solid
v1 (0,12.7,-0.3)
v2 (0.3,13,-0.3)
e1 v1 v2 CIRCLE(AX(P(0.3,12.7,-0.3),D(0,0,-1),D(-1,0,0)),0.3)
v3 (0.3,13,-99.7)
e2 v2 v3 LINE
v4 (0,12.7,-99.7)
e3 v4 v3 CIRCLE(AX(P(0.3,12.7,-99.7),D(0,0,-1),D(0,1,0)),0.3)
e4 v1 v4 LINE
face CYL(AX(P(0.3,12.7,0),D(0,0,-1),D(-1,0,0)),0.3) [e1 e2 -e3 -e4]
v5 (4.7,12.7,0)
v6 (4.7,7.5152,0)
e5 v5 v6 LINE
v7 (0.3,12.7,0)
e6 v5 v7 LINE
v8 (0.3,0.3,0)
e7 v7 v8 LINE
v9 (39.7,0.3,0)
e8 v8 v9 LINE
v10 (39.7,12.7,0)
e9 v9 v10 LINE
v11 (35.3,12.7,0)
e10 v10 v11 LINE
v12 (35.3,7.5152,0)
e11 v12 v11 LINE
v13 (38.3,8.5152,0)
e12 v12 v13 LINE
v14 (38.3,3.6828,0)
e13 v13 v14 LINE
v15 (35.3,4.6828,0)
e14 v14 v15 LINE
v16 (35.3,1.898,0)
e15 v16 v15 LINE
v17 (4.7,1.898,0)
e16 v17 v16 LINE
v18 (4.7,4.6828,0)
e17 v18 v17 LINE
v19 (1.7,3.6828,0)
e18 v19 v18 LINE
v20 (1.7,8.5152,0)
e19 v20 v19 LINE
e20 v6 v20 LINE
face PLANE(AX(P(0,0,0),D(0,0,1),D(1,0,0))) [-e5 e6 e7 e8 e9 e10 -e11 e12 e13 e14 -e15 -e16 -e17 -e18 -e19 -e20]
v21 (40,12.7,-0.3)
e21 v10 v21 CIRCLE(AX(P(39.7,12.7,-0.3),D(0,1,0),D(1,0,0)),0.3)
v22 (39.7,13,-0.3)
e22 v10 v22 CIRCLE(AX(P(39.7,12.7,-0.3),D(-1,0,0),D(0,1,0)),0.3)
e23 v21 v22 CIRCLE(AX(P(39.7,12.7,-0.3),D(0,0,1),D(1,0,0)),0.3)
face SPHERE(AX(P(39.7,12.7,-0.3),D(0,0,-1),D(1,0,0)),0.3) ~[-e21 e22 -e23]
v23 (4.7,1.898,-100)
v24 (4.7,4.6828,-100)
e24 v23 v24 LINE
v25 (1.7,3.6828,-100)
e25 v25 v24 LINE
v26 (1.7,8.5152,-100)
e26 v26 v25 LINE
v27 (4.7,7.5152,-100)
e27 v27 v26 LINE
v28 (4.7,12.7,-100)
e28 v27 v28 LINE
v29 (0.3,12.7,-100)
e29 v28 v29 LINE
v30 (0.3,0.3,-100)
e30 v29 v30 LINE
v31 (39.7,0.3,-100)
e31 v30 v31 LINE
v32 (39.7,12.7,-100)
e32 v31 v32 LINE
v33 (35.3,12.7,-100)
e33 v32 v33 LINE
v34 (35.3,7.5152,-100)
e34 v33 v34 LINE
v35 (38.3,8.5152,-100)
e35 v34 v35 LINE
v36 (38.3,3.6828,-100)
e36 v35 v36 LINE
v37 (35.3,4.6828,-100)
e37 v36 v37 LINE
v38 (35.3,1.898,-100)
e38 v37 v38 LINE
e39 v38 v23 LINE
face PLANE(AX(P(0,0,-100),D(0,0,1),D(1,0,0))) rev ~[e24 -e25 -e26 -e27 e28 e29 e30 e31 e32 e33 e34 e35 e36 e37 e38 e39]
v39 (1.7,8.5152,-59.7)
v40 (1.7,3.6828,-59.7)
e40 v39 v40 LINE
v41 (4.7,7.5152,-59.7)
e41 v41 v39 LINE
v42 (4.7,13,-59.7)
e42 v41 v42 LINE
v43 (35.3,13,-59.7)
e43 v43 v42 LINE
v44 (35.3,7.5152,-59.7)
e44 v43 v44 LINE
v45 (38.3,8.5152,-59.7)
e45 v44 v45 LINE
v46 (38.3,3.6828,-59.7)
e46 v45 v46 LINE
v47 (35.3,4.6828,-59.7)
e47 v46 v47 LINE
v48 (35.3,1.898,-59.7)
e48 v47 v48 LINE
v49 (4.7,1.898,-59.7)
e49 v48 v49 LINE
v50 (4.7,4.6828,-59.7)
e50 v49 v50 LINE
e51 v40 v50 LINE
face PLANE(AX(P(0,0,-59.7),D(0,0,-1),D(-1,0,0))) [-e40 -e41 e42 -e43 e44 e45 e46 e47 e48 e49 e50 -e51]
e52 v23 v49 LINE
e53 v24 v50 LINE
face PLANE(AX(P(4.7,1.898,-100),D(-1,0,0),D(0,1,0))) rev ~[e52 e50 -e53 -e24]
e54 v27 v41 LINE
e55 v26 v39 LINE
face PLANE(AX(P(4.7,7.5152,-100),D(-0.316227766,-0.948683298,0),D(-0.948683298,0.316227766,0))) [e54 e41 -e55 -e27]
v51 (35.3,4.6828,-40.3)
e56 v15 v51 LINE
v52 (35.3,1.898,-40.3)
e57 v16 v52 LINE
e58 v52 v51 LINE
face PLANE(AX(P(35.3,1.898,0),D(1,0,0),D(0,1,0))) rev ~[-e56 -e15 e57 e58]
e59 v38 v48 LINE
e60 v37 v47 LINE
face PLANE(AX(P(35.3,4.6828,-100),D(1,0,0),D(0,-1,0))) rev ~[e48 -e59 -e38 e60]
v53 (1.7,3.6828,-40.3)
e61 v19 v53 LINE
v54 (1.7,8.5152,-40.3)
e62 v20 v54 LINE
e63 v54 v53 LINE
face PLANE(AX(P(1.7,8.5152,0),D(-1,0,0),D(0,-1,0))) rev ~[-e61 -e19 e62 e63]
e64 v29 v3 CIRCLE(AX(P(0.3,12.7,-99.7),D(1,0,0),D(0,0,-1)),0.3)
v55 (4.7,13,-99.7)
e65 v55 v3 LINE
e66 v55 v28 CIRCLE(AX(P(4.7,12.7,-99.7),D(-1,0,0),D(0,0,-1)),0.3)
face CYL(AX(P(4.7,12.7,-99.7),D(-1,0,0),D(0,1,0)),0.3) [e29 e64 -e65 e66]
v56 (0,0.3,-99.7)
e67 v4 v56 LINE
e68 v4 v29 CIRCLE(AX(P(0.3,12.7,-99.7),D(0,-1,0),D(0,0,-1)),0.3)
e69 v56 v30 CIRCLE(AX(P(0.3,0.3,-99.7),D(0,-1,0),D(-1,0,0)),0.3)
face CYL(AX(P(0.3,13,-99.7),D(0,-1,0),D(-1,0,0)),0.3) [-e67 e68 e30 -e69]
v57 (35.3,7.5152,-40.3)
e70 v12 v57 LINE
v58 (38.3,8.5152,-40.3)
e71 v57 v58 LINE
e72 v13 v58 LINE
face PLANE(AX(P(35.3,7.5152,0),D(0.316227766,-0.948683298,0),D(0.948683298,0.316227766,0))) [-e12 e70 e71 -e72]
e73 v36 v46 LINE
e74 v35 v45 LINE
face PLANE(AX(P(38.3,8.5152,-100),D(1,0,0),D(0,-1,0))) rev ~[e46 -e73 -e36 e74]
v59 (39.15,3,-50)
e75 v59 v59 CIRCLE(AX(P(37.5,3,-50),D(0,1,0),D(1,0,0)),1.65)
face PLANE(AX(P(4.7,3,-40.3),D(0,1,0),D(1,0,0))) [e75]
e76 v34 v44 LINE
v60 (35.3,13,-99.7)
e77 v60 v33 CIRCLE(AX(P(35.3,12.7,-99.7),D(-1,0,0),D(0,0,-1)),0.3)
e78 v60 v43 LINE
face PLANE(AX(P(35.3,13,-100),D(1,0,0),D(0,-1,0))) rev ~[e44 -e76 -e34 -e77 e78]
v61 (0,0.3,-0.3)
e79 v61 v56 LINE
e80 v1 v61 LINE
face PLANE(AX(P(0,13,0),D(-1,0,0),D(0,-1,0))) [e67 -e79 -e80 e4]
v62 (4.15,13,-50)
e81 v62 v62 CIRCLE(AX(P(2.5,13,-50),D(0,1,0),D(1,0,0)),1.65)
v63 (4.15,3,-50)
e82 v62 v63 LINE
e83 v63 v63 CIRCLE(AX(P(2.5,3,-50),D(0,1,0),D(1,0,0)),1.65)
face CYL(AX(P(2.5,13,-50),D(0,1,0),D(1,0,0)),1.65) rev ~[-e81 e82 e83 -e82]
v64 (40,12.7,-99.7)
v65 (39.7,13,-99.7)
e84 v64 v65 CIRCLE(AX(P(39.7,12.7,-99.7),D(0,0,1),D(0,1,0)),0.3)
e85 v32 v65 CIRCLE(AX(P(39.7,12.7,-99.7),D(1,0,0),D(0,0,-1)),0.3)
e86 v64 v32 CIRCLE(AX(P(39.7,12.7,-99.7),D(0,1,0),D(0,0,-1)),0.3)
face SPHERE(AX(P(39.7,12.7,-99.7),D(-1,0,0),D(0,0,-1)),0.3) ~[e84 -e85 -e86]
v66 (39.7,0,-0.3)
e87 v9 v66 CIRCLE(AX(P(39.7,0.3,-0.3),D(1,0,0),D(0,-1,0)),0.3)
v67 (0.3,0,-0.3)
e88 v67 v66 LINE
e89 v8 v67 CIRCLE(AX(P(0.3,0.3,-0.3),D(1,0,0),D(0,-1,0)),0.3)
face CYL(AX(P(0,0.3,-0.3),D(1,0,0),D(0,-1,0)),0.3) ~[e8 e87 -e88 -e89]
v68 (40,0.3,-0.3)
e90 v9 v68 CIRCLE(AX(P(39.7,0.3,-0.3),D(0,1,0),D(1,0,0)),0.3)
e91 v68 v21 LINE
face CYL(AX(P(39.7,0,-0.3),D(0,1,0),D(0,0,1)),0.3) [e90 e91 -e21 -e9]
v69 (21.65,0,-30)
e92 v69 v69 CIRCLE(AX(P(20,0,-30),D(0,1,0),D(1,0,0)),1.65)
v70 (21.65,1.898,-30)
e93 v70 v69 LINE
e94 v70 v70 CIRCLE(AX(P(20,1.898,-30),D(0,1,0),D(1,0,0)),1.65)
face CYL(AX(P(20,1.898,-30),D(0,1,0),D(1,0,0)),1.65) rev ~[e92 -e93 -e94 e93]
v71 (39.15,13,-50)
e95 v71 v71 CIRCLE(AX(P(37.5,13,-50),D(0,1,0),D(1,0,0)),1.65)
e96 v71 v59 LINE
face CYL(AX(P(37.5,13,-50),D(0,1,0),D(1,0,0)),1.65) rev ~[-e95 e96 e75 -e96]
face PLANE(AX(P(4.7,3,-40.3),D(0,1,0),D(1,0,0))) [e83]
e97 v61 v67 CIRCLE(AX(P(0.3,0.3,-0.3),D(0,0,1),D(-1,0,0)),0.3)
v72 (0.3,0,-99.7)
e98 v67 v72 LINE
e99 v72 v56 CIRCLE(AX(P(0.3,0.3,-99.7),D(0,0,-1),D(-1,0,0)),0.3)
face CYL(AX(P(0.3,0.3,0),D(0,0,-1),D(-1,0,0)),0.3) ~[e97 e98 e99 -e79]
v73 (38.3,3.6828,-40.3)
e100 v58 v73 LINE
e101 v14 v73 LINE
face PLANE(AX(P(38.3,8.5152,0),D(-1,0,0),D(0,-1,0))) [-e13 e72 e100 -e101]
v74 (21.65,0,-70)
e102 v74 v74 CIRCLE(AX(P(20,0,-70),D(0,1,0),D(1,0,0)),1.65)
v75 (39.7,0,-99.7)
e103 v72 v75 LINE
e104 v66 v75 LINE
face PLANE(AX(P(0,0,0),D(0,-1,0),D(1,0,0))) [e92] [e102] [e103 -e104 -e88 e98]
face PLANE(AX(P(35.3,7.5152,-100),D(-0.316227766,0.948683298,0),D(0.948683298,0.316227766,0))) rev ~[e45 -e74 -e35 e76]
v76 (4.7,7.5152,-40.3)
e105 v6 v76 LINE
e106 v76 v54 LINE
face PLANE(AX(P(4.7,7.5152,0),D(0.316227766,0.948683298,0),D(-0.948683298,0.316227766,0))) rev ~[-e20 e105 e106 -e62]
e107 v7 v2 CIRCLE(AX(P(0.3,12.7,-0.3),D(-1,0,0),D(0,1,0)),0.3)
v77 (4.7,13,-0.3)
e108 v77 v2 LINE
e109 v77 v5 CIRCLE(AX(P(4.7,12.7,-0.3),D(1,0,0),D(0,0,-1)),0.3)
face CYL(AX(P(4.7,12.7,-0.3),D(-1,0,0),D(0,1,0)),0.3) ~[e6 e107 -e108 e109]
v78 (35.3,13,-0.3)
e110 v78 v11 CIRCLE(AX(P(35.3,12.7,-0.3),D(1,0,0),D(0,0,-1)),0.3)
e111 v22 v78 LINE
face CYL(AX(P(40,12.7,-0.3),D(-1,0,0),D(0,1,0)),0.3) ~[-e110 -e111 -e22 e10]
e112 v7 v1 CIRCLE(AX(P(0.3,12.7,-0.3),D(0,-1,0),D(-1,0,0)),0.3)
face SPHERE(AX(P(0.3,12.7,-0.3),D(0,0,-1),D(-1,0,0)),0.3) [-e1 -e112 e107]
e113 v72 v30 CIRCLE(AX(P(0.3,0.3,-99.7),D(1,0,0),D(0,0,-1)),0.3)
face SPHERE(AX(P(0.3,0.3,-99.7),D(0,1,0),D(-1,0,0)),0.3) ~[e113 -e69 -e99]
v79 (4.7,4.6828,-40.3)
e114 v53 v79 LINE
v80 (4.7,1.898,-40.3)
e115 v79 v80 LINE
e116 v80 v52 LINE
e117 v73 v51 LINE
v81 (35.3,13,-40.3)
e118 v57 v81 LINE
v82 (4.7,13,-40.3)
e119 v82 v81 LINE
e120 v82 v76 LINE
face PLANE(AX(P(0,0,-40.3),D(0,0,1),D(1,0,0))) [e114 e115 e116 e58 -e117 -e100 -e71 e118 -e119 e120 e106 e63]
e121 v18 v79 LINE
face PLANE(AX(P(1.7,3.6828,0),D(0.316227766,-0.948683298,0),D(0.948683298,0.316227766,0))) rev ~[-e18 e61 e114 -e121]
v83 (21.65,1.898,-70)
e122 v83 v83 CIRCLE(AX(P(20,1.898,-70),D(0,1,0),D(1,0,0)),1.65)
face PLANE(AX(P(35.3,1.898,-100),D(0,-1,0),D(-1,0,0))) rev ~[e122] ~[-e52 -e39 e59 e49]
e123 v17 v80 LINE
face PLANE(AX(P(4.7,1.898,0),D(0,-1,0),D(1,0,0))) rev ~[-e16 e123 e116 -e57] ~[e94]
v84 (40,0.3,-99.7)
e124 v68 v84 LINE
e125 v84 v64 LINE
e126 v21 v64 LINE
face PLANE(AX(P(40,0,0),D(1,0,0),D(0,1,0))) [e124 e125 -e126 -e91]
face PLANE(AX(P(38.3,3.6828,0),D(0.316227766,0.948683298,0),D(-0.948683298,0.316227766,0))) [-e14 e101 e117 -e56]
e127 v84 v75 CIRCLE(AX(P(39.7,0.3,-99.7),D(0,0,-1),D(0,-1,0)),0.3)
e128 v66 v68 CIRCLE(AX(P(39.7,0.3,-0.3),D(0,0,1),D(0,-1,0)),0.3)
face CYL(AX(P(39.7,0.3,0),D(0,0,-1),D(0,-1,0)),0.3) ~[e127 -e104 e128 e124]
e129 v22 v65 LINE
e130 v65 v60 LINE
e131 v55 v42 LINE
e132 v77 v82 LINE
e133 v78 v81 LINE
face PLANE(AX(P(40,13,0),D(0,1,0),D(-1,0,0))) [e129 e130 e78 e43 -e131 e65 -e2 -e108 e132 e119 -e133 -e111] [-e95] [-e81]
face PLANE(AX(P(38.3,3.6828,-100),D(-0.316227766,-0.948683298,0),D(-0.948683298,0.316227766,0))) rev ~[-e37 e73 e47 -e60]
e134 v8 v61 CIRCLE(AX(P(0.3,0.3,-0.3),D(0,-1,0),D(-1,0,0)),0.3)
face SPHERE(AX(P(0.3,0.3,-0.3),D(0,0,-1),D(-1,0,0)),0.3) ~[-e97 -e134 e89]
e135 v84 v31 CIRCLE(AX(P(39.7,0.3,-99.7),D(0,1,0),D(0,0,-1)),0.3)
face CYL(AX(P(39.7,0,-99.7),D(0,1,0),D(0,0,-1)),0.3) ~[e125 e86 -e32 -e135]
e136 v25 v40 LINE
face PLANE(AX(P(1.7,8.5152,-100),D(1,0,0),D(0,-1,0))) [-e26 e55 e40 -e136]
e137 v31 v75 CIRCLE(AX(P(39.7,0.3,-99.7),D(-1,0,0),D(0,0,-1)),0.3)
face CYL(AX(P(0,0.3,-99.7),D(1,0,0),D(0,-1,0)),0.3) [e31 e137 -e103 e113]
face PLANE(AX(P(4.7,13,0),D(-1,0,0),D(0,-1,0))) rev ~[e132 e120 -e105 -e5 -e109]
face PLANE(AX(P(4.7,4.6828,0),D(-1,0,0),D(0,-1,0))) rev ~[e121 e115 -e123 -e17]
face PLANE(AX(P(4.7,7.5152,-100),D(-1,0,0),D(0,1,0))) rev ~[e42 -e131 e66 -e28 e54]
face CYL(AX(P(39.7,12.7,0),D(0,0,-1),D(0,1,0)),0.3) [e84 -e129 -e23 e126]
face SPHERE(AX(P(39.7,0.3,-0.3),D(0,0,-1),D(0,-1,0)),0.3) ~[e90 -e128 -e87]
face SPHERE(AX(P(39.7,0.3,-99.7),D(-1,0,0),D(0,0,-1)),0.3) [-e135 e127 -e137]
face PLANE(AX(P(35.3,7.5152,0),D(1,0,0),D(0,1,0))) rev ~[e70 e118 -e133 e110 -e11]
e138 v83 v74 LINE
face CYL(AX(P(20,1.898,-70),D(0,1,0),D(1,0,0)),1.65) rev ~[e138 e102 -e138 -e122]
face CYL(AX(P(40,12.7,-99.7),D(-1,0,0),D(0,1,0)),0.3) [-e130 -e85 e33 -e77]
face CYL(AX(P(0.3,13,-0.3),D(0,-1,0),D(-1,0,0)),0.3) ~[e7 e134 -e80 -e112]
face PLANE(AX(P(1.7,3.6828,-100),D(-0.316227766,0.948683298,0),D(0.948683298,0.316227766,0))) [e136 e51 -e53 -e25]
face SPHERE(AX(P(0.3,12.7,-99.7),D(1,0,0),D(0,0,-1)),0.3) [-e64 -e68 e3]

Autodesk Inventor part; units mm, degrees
ref_plane "YZ Plane" through (0, 0, 0) normal (1, 0, 0) x (0, 1, 0)
ref_plane "XZ Plane" through (0, 0, 0) normal (0, 1, 0) x (-1, 0, 0)
ref_plane "XY Plane" through (0, 0, 0) normal (0, 0, 1) x (1, 0, 0)
sketch "Sketch1" plane through (0, 0, 0) normal (0, 0, 1) x (1, 0, 0)
  line L0 (0, 0) -> (40, 0)
  line L1 (40, 0) -> (40, 13)
  line L2 (40, 13) -> (0, 13)
  line L3 (0, 13) -> (0, 0)
  dimension "d0" = 40
  dimension "d1" = 13
extrude "Extrusion1" add sketch "Sketch1" against normal blind 100
sketch "Sketch2" plane through (0, 0, 0) normal (0, 0, 1) x (1, 0, 0)
  line L0 (4.7, 1.898) -> (35.3, 1.898)
  line L1 (38.3, 8.5152) -> (38.3, 3.6828)
  line L2 (1.7, 8.5152) -> (1.7, 3.6828)
  line L3 (35.3, 7.5152) -> (38.3, 8.5152)
  line L4 (35.3, 7.5152) -> (35.3, 13)
  line L5 (35.3, 1.898) -> (35.3, 4.6828)
  line L6 (38.3, 3.6828) -> (35.3, 4.6828)
  line L7 (4.7, 7.5152) -> (1.7, 8.5152)
  line L8 (4.7, 13) -> (4.7, 7.5152)
  line L9 (4.7, 4.6828) -> (4.7, 1.898)
  line L10 (1.7, 3.6828) -> (4.7, 4.6828)
  line L11 (4.7, 13) -> (35.3, 13)
  point P0 (0, 13)
  point P1 (40, 13)
extrude "Extrusion2" cut sketch "Sketch2" against normal blind 40.3
sketch "Sketch3" plane through (0, 0, -100) normal (0, 0, -1) x (-1, 0, 0)
  line L0 (-35.3, 1.898) -> (-4.7, 1.898)
  line L1 (-1.7, 8.5152) -> (-1.7, 3.6828)
  line L2 (-38.3, 8.5152) -> (-38.3, 3.6828)
  line L3 (-4.7, 7.5152) -> (-1.7, 8.5152)
  line L4 (-4.7, 7.5152) -> (-4.7, 13)
  line L5 (-4.7, 1.898) -> (-4.7, 4.6828)
  line L6 (-1.7, 3.6828) -> (-4.7, 4.6828)
  line L7 (-35.3, 7.5152) -> (-38.3, 8.5152)
  line L8 (-35.3, 13) -> (-35.3, 7.5152)
  line L9 (-35.3, 4.6828) -> (-35.3, 1.898)
  line L10 (-38.3, 3.6828) -> (-35.3, 4.6828)
  line L11 (-35.3, 13) -> (-4.7, 13)
  point P0 (-40, 13)
  point P1 (0, 13)
extrude "Extrusion3" cut sketch "Sketch3" against normal blind 40.3
sketch "Sketch5" plane through (4.7, 1.898, 0) normal (0, 1, 0) x (1, 0, 0)
  circle A0 centre (15.3, 30) radius 1.65
  line L0 (35.3, 0) -> (35.3, 100) projected
  circle A1 centre (15.3, 70) radius 1.65
  point P0 (-4.7, 0)
extrude "Extrusion5" cut sketch "Sketch5" against normal blind 5
fillet "Fillet1" radius 0.3 14 edges at (2.35, 13, -100) (37.65, 13, -100) (0, 6.5, -100) (0, 13, -50) (0, 0, -50) (20, 0, -100) (40, 6.5, -100) (0, 6.5, 0) (40, 13, -50) (40, 0, -50) (20, 0, 0) (40, 6.5, 0) (2.35, 13, 0) (37.65, 13, 0)
sketch "Sketch6" plane through (4.7, 13, -40.3) normal (0, 1, 0) x (1, 0, 0)
  line L0 (-4.4, -40) -> (-4.4, 59.4) projected
  line L1 (-4.7, 59.4) -> (-4.7, -40) projected
  line L2 (35.3, -40) -> (35.3, 59.4) projected
  circle A0 centre (32.8, 9.7) radius 1.65
  circle A1 centre (-2.2, 9.7) radius 1.65
  point P0 (-4.7, -40.3)
  dimension "d29" = 3.3
  dimension "d30" = 3.3
extrude "Extrusion6" cut sketch "Sketch6" against normal blind 10
properties part number "centralBodyThick"
